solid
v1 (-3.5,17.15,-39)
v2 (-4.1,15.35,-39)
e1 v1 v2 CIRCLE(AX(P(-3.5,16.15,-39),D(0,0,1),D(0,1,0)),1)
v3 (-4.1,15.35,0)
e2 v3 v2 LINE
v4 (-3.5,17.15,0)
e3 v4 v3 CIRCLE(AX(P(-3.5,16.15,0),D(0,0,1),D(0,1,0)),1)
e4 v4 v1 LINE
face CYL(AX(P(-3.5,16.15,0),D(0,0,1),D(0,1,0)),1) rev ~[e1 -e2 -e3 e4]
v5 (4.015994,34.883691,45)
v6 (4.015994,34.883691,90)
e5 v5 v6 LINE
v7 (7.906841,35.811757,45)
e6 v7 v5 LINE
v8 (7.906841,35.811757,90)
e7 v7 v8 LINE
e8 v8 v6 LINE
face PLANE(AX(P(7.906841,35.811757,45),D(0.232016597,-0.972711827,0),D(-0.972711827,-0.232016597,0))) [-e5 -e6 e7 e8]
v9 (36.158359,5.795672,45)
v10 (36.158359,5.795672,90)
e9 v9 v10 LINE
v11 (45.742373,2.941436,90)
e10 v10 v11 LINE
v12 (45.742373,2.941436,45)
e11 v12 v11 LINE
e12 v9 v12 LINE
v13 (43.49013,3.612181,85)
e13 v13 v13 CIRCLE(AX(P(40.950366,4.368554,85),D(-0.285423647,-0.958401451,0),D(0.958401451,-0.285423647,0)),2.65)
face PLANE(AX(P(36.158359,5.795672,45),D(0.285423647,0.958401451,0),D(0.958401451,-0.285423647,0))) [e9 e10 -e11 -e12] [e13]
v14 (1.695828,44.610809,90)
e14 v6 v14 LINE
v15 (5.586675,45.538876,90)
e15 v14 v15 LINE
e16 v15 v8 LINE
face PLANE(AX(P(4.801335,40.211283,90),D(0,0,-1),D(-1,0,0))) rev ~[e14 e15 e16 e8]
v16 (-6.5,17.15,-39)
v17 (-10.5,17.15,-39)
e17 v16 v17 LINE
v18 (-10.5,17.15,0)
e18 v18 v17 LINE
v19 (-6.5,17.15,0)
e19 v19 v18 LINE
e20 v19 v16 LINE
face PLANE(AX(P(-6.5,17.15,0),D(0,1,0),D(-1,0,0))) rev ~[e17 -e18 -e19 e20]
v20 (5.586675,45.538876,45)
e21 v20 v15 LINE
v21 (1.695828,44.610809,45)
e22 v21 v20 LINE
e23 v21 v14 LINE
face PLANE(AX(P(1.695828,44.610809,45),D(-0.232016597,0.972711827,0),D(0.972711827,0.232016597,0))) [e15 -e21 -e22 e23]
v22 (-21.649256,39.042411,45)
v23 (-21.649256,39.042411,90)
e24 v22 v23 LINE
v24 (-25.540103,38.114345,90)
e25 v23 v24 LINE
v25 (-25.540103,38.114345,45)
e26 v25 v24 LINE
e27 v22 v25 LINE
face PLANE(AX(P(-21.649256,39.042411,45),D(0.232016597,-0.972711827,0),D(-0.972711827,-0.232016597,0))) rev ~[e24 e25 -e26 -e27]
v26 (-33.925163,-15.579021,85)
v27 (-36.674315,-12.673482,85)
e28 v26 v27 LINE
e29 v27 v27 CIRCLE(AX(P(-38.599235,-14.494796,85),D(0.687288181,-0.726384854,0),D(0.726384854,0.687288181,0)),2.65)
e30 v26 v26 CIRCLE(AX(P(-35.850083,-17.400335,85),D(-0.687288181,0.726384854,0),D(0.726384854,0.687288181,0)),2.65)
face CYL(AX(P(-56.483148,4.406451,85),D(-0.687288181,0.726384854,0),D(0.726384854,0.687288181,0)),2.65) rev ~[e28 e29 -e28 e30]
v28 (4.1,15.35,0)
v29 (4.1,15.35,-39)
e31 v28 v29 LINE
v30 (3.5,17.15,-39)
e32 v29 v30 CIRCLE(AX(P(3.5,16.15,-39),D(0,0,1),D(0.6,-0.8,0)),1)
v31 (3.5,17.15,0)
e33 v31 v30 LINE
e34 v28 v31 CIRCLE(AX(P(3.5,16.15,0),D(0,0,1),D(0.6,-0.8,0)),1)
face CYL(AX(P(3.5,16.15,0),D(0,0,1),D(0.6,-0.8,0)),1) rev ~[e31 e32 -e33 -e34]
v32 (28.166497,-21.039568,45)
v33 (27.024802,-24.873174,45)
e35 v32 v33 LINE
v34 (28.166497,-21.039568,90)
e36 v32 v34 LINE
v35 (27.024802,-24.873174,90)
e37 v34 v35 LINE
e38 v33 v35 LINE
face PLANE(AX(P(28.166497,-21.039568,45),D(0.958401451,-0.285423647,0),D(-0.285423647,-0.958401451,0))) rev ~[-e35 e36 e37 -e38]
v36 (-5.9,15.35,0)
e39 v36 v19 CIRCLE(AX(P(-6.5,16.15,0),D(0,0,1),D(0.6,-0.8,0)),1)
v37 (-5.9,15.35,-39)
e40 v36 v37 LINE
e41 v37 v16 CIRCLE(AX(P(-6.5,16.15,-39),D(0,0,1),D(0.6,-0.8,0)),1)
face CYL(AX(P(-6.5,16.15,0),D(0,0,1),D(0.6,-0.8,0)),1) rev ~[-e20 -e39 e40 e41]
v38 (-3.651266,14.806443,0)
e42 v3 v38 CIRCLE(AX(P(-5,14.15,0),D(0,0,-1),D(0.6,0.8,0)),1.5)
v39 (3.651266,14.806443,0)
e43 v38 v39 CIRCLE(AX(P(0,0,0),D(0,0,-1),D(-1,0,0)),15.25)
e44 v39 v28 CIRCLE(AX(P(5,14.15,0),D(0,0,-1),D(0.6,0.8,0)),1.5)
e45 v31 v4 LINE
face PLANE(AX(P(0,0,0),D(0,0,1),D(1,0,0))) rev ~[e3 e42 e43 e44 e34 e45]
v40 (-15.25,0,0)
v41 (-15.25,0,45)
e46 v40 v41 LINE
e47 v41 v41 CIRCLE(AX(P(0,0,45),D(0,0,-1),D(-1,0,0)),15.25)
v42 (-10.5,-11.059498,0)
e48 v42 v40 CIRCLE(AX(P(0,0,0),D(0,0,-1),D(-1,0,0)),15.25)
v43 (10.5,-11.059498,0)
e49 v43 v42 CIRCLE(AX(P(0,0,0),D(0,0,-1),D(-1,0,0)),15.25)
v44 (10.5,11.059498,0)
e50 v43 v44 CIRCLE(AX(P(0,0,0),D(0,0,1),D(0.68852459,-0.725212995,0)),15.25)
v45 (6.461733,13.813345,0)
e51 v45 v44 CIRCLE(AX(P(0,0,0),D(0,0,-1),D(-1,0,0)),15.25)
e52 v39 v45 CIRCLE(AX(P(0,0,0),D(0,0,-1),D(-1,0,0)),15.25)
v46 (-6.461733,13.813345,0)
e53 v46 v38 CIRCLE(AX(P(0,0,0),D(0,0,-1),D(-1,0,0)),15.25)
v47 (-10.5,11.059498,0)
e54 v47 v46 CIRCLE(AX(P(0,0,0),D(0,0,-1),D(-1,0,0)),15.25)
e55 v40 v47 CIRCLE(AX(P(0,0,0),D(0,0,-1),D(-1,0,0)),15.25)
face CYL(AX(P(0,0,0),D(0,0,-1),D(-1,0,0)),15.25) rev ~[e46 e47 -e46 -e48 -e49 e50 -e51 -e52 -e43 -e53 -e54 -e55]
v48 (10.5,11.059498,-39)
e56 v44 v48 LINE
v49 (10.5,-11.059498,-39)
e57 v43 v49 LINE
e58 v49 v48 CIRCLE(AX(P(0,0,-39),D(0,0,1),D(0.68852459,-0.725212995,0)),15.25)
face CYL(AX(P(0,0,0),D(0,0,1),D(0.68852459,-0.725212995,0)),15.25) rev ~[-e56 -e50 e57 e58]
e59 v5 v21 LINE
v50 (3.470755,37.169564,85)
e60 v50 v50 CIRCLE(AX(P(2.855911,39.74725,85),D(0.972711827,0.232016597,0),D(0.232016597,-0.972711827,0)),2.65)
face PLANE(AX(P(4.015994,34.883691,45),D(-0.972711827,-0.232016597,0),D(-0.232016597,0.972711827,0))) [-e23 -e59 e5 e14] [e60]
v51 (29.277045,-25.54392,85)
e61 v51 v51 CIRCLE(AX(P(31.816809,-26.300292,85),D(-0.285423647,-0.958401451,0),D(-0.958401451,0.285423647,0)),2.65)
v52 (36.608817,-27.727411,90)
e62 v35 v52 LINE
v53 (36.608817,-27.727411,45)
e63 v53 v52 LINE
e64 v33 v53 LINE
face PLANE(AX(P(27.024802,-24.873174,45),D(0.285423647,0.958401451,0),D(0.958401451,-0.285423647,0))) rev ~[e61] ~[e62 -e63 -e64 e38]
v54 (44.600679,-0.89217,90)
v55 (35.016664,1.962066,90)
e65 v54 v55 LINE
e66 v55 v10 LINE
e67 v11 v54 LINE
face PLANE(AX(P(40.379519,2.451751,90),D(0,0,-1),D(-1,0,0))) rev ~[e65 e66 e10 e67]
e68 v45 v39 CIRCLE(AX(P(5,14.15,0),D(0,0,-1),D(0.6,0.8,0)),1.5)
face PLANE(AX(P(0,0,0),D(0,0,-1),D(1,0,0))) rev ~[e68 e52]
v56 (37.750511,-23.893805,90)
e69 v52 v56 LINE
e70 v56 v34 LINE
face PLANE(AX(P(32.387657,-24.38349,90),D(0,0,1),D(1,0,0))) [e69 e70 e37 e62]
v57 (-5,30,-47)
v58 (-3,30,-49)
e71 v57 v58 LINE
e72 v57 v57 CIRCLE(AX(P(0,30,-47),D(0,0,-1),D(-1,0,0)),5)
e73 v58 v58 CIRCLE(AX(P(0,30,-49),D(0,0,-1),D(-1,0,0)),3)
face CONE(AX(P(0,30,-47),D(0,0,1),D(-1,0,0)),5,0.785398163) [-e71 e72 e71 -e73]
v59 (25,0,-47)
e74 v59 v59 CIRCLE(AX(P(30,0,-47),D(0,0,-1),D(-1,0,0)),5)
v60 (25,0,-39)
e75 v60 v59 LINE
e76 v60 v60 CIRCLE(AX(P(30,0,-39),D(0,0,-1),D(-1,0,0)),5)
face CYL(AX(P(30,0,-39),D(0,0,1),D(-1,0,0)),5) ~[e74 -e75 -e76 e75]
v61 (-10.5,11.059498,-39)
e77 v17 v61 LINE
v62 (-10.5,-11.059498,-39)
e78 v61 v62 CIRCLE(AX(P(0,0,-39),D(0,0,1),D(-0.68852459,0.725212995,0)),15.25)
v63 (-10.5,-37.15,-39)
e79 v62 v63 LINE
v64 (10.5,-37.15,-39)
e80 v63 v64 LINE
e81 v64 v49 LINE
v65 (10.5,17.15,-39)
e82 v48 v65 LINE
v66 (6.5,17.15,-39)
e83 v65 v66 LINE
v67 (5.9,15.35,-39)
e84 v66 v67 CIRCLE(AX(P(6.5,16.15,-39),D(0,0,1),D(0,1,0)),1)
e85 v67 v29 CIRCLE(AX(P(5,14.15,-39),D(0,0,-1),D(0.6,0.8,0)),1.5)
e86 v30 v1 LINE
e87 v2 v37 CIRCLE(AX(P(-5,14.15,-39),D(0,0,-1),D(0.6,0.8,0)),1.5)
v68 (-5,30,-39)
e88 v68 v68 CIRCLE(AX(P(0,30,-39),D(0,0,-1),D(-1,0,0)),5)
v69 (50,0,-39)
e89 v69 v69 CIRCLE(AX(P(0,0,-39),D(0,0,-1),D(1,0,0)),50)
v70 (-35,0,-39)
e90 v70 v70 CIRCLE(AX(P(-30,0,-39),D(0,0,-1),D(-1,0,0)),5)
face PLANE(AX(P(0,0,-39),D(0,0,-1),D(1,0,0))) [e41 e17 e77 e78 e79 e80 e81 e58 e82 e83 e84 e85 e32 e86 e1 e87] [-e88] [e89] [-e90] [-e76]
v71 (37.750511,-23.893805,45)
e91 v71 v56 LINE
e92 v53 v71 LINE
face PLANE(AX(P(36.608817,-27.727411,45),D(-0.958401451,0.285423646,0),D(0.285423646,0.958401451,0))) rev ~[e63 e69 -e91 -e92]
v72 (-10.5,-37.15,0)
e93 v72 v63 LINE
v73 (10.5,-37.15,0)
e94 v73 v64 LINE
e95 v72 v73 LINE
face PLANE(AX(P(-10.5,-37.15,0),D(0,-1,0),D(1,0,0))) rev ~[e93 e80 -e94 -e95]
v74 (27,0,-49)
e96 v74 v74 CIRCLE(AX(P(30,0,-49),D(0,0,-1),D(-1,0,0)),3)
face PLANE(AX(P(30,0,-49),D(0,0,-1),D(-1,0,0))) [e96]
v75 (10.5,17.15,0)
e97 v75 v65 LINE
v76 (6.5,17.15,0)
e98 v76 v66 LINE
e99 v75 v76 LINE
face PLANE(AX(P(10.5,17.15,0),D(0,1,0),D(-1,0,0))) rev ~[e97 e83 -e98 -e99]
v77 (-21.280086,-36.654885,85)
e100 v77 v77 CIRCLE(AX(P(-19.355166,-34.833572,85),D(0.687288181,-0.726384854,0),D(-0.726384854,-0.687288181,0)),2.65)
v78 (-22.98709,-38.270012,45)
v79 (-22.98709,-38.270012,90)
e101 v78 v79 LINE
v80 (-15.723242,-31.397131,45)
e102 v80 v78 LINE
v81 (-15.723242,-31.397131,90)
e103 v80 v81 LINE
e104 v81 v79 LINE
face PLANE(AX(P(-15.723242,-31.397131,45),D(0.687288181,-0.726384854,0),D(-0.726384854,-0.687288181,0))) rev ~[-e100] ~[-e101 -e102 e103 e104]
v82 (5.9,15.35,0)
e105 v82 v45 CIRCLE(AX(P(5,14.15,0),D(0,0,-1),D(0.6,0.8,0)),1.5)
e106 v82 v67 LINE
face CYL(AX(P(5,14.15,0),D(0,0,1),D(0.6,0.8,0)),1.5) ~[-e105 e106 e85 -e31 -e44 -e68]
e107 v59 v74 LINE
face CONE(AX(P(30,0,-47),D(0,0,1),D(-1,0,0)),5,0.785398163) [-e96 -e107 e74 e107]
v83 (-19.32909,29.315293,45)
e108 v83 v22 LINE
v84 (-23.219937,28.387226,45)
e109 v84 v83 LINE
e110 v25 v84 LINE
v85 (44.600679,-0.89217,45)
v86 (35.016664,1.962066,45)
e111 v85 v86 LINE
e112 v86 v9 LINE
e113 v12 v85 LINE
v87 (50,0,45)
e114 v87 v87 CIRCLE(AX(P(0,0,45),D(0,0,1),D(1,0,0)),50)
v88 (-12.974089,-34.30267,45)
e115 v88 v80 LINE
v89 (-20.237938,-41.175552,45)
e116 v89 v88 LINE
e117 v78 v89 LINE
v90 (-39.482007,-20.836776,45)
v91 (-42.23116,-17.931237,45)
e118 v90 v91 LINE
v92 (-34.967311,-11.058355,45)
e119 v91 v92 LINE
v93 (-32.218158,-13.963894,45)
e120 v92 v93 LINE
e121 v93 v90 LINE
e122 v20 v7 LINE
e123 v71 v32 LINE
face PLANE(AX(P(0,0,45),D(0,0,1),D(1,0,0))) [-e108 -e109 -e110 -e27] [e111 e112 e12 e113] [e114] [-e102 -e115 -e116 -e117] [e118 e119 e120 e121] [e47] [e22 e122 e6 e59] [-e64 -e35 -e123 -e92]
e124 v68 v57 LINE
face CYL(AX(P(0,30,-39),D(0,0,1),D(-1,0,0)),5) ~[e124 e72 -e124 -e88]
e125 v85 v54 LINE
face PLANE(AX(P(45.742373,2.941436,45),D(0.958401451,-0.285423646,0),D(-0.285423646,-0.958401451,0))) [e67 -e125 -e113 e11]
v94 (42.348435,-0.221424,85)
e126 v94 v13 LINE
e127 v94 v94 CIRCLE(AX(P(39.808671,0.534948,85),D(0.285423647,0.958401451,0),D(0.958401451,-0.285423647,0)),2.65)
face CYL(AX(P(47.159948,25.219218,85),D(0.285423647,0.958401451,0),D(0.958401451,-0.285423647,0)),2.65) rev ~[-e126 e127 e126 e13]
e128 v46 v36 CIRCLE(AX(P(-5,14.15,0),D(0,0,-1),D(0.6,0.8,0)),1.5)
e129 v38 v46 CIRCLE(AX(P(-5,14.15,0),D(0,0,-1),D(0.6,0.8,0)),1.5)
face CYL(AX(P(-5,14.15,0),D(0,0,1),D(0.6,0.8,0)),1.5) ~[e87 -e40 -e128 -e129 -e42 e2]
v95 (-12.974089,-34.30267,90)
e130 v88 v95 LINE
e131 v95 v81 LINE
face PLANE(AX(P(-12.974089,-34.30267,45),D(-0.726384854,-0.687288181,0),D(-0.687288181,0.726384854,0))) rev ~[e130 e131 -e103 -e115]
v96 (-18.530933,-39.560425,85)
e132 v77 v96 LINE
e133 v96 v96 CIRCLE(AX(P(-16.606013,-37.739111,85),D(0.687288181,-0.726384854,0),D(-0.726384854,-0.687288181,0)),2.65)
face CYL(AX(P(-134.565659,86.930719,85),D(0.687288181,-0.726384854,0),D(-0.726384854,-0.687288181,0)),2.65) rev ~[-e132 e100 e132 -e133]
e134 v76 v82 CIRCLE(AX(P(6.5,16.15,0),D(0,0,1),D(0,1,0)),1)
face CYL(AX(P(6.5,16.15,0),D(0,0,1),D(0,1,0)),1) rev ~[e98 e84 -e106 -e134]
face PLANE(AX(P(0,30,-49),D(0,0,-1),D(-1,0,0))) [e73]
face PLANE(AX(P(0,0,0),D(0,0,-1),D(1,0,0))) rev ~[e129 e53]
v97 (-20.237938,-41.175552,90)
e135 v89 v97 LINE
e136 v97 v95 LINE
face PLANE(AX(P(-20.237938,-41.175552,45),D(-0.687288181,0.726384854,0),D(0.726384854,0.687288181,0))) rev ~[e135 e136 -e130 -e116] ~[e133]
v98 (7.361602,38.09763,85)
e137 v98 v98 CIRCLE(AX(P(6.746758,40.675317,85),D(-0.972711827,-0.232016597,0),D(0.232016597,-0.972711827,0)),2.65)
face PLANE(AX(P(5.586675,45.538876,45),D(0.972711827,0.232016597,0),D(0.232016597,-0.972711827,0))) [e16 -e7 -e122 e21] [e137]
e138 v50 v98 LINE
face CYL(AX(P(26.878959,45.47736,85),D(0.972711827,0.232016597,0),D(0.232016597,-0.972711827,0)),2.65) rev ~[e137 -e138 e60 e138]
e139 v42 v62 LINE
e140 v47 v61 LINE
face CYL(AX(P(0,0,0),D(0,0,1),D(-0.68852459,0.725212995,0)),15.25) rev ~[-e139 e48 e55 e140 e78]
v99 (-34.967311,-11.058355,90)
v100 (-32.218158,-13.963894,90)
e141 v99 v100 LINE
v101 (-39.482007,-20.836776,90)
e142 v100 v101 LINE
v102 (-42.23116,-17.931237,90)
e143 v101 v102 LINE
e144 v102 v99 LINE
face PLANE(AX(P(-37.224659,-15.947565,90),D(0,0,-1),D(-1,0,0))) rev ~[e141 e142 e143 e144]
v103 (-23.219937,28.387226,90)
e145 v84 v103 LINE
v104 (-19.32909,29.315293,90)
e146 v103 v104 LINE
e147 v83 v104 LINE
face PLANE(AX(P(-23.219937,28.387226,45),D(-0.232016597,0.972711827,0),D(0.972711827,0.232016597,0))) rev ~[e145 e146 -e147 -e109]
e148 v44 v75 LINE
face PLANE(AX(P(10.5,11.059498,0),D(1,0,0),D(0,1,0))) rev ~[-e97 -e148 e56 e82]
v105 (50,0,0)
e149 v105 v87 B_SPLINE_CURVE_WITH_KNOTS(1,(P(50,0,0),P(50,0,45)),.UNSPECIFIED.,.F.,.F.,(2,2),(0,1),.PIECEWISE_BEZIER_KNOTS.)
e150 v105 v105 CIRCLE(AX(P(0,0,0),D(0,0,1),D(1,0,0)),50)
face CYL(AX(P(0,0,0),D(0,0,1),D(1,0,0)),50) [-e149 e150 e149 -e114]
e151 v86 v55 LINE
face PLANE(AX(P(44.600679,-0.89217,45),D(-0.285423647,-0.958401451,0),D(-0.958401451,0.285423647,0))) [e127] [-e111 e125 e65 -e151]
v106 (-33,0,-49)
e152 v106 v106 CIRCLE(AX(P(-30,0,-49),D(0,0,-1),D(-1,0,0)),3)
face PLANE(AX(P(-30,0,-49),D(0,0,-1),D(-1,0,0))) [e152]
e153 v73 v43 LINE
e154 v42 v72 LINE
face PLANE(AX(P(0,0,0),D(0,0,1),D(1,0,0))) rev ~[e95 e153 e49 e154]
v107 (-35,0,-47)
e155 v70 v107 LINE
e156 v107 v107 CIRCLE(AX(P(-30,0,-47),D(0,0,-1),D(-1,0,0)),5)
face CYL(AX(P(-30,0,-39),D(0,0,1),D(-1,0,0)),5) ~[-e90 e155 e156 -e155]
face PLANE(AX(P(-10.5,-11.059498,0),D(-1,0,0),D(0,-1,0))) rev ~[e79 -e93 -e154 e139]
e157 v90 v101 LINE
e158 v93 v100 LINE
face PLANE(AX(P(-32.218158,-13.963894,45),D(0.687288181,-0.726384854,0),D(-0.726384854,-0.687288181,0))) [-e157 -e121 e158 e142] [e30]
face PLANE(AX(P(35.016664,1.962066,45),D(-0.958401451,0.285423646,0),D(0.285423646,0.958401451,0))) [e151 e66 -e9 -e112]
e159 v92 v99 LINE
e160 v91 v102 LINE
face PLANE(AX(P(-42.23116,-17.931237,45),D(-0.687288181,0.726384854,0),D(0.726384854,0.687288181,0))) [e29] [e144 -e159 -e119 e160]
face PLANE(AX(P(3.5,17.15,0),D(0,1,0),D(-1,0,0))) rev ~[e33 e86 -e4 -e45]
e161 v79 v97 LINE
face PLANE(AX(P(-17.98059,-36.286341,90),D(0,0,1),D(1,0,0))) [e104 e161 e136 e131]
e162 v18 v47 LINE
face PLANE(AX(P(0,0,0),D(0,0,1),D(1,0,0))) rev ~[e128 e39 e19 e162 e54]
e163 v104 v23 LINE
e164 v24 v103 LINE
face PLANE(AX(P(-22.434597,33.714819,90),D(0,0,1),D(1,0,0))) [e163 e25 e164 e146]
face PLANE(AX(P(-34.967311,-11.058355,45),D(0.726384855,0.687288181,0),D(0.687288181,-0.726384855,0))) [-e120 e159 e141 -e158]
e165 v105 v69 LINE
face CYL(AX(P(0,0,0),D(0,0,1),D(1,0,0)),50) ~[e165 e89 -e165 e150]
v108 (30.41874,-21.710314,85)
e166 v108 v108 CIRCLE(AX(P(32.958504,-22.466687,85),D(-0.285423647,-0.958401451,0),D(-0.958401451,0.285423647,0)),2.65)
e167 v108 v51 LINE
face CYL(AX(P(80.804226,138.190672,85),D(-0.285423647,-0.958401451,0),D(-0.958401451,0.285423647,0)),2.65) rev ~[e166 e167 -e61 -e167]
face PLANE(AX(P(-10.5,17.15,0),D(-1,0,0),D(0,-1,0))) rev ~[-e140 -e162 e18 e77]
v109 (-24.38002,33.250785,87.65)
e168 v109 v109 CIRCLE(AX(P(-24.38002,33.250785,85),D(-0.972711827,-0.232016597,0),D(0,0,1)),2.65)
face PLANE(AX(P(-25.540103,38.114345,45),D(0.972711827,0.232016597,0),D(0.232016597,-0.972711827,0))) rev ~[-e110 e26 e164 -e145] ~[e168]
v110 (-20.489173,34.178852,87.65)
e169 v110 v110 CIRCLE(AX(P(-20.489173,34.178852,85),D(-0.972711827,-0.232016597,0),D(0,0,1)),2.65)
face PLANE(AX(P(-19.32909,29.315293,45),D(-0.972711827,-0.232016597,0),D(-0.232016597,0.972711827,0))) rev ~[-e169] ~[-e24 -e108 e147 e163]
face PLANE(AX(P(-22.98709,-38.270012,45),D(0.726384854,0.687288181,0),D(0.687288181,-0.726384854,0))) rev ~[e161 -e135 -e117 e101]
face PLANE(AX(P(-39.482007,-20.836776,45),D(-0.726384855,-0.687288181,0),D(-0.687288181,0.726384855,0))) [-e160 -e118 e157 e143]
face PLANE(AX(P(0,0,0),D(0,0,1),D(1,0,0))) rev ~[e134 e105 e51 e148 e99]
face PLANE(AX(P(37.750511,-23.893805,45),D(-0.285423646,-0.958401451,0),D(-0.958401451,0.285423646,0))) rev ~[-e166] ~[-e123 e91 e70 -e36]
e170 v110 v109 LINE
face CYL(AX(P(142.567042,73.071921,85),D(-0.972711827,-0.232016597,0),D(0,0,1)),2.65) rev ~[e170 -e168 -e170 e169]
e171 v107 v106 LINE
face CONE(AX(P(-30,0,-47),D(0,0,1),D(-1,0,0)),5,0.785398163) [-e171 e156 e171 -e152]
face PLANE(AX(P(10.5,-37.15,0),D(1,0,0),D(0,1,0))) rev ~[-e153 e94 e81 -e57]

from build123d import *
from build123d.topology import SkipClean

# Parameters (mm, degrees)
SKETCH1_R               = 50
SKETCH3_R               = 50
BOSS_EXTRUDE1_DEPTH     = 45
SKETCH21_R              = 15.25
CUT_EXTRUDE1_DEPTH      = 115.45523151
CUT_EXTRUDE1_DEPTH_BACK = 115.45523151
SKETCH23_W              = 2.65
SKETCH23_H              = 49.393967623
M5_CLEARANCE_HOLE8_D    = 5.3
SKETCH27_W              = 2.65
SKETCH27_H              = 60.041961507
M5_CLEARANCE_HOLE10_D   = 5.3
SKETCH32_W              = 2.65
SKETCH32_H              = 51.511335507
M5_CLEARANCE_HOLE12_D   = 5.3
SKETCH35_R              = 50
BOSS_EXTRUDE2_DEPTH     = 39
SKETCH36_R              = 5
BOSS_EXTRUDE3_DEPTH     = 10
CHAMFER1_SIZE           = 2


with BuildPart() as part:
    # Sketch1 → Loft1 section 0
    with BuildSketch(Plane.XY):
        Circle(SKETCH1_R)
    # Sketch3 → Loft1 section 1
    with BuildSketch(Plane.XY.offset(45)):
        Circle(SKETCH3_R)
    loft()

    # Sketch4 → Boss-Extrude1 (add)
    with BuildSketch(Plane.XY.offset(45)):
        Polygon((-21.649255971, 39.042410979), (-25.54010328, 38.114344591), (-23.21993731, 28.387226319), (-19.329090001, 29.315292707), align=None)
        Polygon((1.695827881, 44.610809306), (5.58667519, 45.538875693), (7.90684116, 35.811757422), (4.015993851, 34.883691034), align=None)
        Polygon((35.016664181, 1.962066431), (36.158358767, 5.795672237), (45.74237328, 2.941435772), (44.600678694, -0.892170034), align=None)
        Polygon((28.166496664, -21.039568402), (27.024802078, -24.873174207), (36.608816592, -27.727410673), (37.750511178, -23.893804867), align=None)
        Polygon((-22.987090484, -38.270012468), (-20.237937762, -41.175551885), (-12.974089217, -34.302670079), (-15.72324194, -31.397130661), align=None)
        Polygon((-39.48200682, -20.836775962), (-42.231159542, -17.931236544), (-34.967310998, -11.058354737), (-32.218158276, -13.963894155), align=None)
    extrude(amount=BOSS_EXTRUDE1_DEPTH)

    # Sketch21 → Cut-Extrude1 (cut, two sides)
    with BuildSketch(Plane(origin=(0, 0, 0), x_dir=(-1, 0, 0), z_dir=(0, 0, -1))) as cut_extrude1_sk:
        Circle(SKETCH21_R)
    extrude(amount=CUT_EXTRUDE1_DEPTH, mode=Mode.SUBTRACT)
    extrude(cut_extrude1_sk.sketch, amount=-CUT_EXTRUDE1_DEPTH_BACK, mode=Mode.SUBTRACT)

    # Sketch23 → M5 Clearance Hole7 (revolve, cut)
    with BuildSketch(Plane(origin=(2.855910866, 39.74725017, 85), x_dir=(0.23201659695614316, -0.9727118271805328, 0), z_dir=(0, 0, 1))):
        with Locations((1.325, 24.696983812)):
            Rectangle(SKETCH23_W, SKETCH23_H)
    revolve(axis=Axis((-3.320809236, 38.273944779, 85), (0.9727118271805328, 0.23201659695614313, 0)), mode=Mode.SUBTRACT)

    # M5 Clearance Hole8 (through all)
    with Locations(Plane(origin=(-11.672541926, -2.784199164, 0), x_dir=(0, 0, -1), z_dir=(0.9727118271805437, 0.23201659695609775, 0))):
        with Locations((-85, 38.000001617)):
            Hole(M5_CLEARANCE_HOLE8_D / 2)

    # Sketch27 → M5 Clearance Hole9 (revolve, cut)
    with BuildSketch(Plane(origin=(-35.850082548, -17.400335058, 85), x_dir=(0.7263848544218454, 0.687288180653905, 0), z_dir=(0, 0, 1))):
        with Locations((1.325, 30.020980754)):
            Rectangle(SKETCH27_W, SKETCH27_H)
    revolve(axis=Axis((-31.485802601, -22.012878884, 85), (-0.6872881806539048, 0.7263848544218454, 0)), mode=Mode.SUBTRACT)

    # M5 Clearance Hole10 (through all)
    with Locations(Plane(origin=(8.247459431, -8.716619588, 0), x_dir=(0.726384854421872, 0.6872881806538769, 0), z_dir=(-0.6872881806538769, 0.726384854421872, 0))):
        with Locations((-38.000001617, -85)):
            Hole(M5_CLEARANCE_HOLE10_D / 2)

    # Sketch32 → M5 Clearance Hole11 (revolve, cut)
    with BuildSketch(Plane(origin=(39.808671437, 0.534948199, 85), x_dir=(0.9584014513779905, -0.28542364652663516, 0), z_dir=(0, 0, 1))):
        with Locations((1.325, 25.755667754)):
            Rectangle(SKETCH32_W, SKETCH32_H)
    revolve(axis=Axis((37.996231282, -5.550901018, 85), (0.2854236465266351, 0.9584014513779905, 0)), mode=Mode.SUBTRACT)

    # M5 Clearance Hole12 (through all)
    with Locations(Plane(origin=(-3.460752782, -11.620587605, 0), x_dir=(0.9584014513779878, -0.28542364652664387, 0), z_dir=(0.28542364652664387, 0.9584014513779878, 0))):
        with Locations((38.000001617, -85)):
            Hole(M5_CLEARANCE_HOLE12_D / 2)

    # Sketch35 → Boss-Extrude2 (add)
    with SkipClean():  # the faces are left unmerged after this step: merging them gives an invalid solid
        with BuildSketch(Plane(origin=(0, 0, 0), x_dir=(-1, 0, 0), z_dir=(0, 0, -1))):
            with Locations(Location((0, 0, 0), (0, 0, 180))):
                Circle(SKETCH35_R)
            with BuildLine():
                ThreePointArc((-4.1, 15.35), (-4.448683298, 16.466227766), (-3.5, 17.15))
                Line((-3.5, 17.15), (3.5, 17.15))
                ThreePointArc((3.5, 17.15), (4.448683298, 16.466227766), (4.1, 15.35))
                ThreePointArc((4.1, 15.35), (5, 12.65), (5.9, 15.35))
                ThreePointArc((5.9, 15.35), (5.551316702, 16.466227766), (6.5, 17.15))
                Line((6.5, 17.15), (10.5, 17.15))
                Line((10.5, 17.15), (10.5, 11.05949818))
                ThreePointArc((10.5, 11.05949818), (15.25, 0), (10.5, -11.05949818))
                Line((10.5, -11.05949818), (10.5, -37.15))
                Line((10.5, -37.15), (-10.5, -37.15))
                Line((-10.5, -37.15), (-10.5, -11.05949818))
                ThreePointArc((-10.5, -11.05949818), (-15.25, 0), (-10.5, 11.05949818))
                Line((-10.5, 11.05949818), (-10.5, 17.15))
                Line((-10.5, 17.15), (-6.5, 17.15))
                ThreePointArc((-6.5, 17.15), (-5.551316702, 16.466227766), (-5.9, 15.35))
                ThreePointArc((-5.9, 15.35), (-5, 12.65), (-4.1, 15.35))
            make_face(mode=Mode.SUBTRACT)
        extrude(amount=BOSS_EXTRUDE2_DEPTH)

    # Sketch36 → Boss-Extrude3 (add)
    with SkipClean():  # the faces are left unmerged after this step: merging them gives an invalid solid
        with BuildSketch(Plane(origin=(0, 0, -39), x_dir=(-1, 0, 0), z_dir=(0, 0, -1))):
            with Locations((0, 30)):
                Circle(SKETCH36_R)
            with Locations((-30, 0)):
                Circle(SKETCH36_R)
            with Locations((30, 0)):
                Circle(SKETCH36_R)
        extrude(amount=BOSS_EXTRUDE3_DEPTH)

    # Chamfer1
    chamfer1_edges = [part.edges().sort_by_distance(p)[0] for p in [
        (5, 30, -49),
        (35, 0, -49),
        (-25, 0, -49),
    ]]
    chamfer(chamfer1_edges, length=CHAMFER1_SIZE)


solid = part.part
